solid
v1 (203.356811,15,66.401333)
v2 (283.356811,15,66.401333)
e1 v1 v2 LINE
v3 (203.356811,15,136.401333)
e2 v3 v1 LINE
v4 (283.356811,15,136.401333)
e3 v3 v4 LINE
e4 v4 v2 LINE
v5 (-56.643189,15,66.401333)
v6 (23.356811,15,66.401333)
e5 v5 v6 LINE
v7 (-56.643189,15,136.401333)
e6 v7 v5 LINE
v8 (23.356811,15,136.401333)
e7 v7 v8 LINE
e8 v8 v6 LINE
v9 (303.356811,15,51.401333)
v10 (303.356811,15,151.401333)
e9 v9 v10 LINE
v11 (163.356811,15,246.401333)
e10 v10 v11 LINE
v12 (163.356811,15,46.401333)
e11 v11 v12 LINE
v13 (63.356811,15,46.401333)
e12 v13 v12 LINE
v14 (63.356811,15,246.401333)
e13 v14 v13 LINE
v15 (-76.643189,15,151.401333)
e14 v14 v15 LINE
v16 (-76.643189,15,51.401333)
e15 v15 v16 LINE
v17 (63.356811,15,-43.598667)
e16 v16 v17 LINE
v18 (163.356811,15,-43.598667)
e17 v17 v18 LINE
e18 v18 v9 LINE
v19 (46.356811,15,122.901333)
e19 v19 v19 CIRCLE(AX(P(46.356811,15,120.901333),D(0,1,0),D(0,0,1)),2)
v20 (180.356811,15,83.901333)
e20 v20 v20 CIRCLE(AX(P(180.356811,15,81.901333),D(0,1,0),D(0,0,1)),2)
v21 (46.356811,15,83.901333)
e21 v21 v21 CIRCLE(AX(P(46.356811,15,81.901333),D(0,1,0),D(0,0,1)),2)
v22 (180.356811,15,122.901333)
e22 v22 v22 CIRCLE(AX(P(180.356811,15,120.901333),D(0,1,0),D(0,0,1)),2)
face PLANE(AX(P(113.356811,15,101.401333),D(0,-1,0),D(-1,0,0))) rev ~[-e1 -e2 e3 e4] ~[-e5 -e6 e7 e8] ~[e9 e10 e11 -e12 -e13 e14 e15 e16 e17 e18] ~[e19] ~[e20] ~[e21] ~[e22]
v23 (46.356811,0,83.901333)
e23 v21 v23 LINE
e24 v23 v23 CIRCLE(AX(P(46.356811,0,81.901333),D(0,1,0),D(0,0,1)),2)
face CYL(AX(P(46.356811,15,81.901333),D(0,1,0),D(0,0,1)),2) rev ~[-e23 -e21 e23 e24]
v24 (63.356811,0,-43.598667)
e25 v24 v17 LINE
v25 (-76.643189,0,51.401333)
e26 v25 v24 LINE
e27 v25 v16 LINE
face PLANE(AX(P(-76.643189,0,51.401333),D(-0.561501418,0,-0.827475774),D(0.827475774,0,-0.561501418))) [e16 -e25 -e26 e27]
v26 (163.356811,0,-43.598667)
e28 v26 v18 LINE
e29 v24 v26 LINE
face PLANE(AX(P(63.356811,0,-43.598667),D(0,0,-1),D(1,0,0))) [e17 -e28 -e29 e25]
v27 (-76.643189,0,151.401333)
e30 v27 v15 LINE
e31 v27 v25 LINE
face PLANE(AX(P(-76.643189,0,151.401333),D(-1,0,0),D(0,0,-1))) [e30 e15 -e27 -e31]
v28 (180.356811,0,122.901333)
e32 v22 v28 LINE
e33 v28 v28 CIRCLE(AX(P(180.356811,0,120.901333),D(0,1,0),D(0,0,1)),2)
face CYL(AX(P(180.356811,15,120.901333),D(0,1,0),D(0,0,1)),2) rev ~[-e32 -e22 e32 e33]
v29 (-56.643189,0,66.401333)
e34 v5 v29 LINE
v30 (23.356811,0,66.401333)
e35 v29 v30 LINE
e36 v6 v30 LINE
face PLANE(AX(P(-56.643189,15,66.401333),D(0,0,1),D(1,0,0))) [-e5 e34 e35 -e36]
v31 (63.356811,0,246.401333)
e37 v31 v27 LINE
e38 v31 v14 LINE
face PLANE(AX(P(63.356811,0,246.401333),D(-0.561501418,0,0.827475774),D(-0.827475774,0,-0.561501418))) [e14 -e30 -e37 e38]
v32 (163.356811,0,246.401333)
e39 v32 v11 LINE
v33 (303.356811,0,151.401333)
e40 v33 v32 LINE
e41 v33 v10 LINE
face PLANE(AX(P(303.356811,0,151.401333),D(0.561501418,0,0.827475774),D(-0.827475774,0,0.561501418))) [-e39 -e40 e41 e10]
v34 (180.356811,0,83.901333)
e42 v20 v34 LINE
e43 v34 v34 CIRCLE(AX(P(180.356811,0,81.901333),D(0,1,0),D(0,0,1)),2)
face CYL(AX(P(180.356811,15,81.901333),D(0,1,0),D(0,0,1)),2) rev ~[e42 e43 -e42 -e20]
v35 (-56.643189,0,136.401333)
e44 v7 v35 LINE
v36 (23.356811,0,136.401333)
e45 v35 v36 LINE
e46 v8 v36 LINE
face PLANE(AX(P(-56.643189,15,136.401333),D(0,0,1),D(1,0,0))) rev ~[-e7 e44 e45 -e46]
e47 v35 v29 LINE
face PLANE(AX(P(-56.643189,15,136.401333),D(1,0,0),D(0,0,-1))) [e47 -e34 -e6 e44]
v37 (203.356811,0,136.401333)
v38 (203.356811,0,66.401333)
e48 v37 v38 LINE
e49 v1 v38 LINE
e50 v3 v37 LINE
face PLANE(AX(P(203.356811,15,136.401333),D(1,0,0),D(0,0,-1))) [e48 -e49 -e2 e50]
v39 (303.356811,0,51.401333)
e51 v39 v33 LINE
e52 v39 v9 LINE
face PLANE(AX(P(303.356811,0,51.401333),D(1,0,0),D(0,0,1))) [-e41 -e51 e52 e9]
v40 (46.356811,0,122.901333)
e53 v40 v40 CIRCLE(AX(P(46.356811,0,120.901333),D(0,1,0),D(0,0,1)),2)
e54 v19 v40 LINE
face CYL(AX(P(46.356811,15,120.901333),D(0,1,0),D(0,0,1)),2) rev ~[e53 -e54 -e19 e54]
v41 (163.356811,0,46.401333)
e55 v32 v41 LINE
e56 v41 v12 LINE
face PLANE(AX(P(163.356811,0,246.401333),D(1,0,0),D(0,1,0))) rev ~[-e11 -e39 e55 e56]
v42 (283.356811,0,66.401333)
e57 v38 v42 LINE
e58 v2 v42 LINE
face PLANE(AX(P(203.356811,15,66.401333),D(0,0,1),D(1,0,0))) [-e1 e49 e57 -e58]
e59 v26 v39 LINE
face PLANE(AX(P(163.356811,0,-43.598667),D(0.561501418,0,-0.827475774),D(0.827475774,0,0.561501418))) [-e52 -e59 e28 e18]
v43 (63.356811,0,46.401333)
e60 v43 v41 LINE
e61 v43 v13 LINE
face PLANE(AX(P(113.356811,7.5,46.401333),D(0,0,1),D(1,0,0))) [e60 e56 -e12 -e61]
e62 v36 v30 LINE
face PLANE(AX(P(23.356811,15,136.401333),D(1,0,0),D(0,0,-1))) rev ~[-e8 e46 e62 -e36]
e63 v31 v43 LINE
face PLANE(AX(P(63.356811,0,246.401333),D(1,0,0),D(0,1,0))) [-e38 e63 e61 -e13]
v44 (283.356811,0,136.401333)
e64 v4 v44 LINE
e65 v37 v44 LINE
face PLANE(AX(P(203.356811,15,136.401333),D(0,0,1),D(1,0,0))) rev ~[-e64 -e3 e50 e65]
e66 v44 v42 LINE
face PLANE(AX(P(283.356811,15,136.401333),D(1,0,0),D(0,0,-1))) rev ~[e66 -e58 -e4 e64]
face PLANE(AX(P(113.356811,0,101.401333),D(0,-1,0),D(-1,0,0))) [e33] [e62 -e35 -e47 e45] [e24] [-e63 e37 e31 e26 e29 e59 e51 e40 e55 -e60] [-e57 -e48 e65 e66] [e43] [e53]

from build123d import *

# Parameters (mm, degrees)
BOSS_EXTRU_1_DEPTH      = 15
ESQUISSE6_W             = 100
ESQUISSE6_H             = 15
ENL_V_MAT_EXTRU_1_DEPTH = 200
ENL_V_MAT_EXTRU_2_REACH = 393.106
ESQUISSE7_W             = 80
ESQUISSE7_H             = 70
ENL_V_MAT_EXTRU_4_REACH = 393.106
ESQUISSE8_R             = 2


with BuildPart() as part:
    # Esquisse1 → Boss.-Extru.1 (new body)
    with BuildSketch(Plane(origin=(0, 0, 0), x_dir=(1, 0, 0), z_dir=(0, 1, 0))):
        Polygon((-76.643189126, -51.401333399), (63.356810874, 43.598666601), (163.356810874, 43.598666601), (303.356810874, -51.401333399), (303.356810874, -151.401333399), (163.356810874, -246.401333399), (63.356810874, -246.401333399), (-76.643189126, -151.401333399), align=None)
    extrude(amount=BOSS_EXTRU_1_DEPTH)

    # Esquisse6 → Enlèv. mat.-Extru.1 (cut)
    with BuildSketch(Plane.XY.offset(246.401333399)):
        with Locations((113.356810874, 7.5)):
            Rectangle(ESQUISSE6_W, ESQUISSE6_H)
    extrude(amount=-ENL_V_MAT_EXTRU_1_DEPTH, mode=Mode.SUBTRACT)

    # Esquisse7 → Enlèv. mat.-Extru.2 (cut, up to next)
    with BuildSketch(Plane(origin=(0, 15, 0), x_dir=(1, 0, 0), z_dir=(0, 1, 0)), mode=Mode.PRIVATE) as enl_v_mat_extru_2_sk1:
        with Locations((-16.643189126, -101.401333399)):
            Rectangle(ESQUISSE7_W, ESQUISSE7_H)
    enl_v_mat_extru_2_tool1 = extrude(enl_v_mat_extru_2_sk1.sketch, amount=-ENL_V_MAT_EXTRU_2_REACH, mode=Mode.PRIVATE) & part.part
    # Esquisse7 → Enlèv. mat.-Extru.2 (cut, up to next)
    with BuildSketch(Plane(origin=(0, 15, 0), x_dir=(1, 0, 0), z_dir=(0, 1, 0)), mode=Mode.PRIVATE) as enl_v_mat_extru_2_sk2:
        with Locations((243.356810874, -101.401333399)):
            Rectangle(ESQUISSE7_W, ESQUISSE7_H)
    enl_v_mat_extru_2_tool2 = extrude(enl_v_mat_extru_2_sk2.sketch, amount=-ENL_V_MAT_EXTRU_2_REACH, mode=Mode.PRIVATE) & part.part
    add(enl_v_mat_extru_2_tool1.solids().sort_by_distance((-16.643189, 15, 101.401333))[0], mode=Mode.SUBTRACT)
    add(enl_v_mat_extru_2_tool2.solids().sort_by_distance((243.356811, 15, 101.401333))[0], mode=Mode.SUBTRACT)

    # Esquisse8 → Enlèv. mat.-Extru.4 (cut, up to next)
    with BuildSketch(Plane(origin=(0, 15, 0), x_dir=(1, 0, 0), z_dir=(0, 1, 0)), mode=Mode.PRIVATE) as enl_v_mat_extru_4_sk1:
        with Locations(Location((180.356810874, -120.901333399, 0), (0, 0, 270))):
            Circle(ESQUISSE8_R)
    enl_v_mat_extru_4_tool1 = extrude(enl_v_mat_extru_4_sk1.sketch, amount=-ENL_V_MAT_EXTRU_4_REACH, mode=Mode.PRIVATE) & part.part
    # Esquisse8 → Enlèv. mat.-Extru.4 (cut, up to next)
    with BuildSketch(Plane(origin=(0, 15, 0), x_dir=(1, 0, 0), z_dir=(0, 1, 0)), mode=Mode.PRIVATE) as enl_v_mat_extru_4_sk2:
        with Locations(Location((180.356810874, -81.901333399, 0), (0, 0, 270))):
            Circle(ESQUISSE8_R)
    enl_v_mat_extru_4_tool2 = extrude(enl_v_mat_extru_4_sk2.sketch, amount=-ENL_V_MAT_EXTRU_4_REACH, mode=Mode.PRIVATE) & part.part
    # Esquisse8 → Enlèv. mat.-Extru.4 (cut, up to next)
    with BuildSketch(Plane(origin=(0, 15, 0), x_dir=(1, 0, 0), z_dir=(0, 1, 0)), mode=Mode.PRIVATE) as enl_v_mat_extru_4_sk3:
        with Locations(Location((46.356810874, -120.901333399, 0), (0, 0, 270))):
            Circle(ESQUISSE8_R)
    enl_v_mat_extru_4_tool3 = extrude(enl_v_mat_extru_4_sk3.sketch, amount=-ENL_V_MAT_EXTRU_4_REACH, mode=Mode.PRIVATE) & part.part
    # Esquisse8 → Enlèv. mat.-Extru.4 (cut, up to next)
    with BuildSketch(Plane(origin=(0, 15, 0), x_dir=(1, 0, 0), z_dir=(0, 1, 0)), mode=Mode.PRIVATE) as enl_v_mat_extru_4_sk4:
        with Locations(Location((46.356810874, -81.901333399, 0), (0, 0, 270))):
            Circle(ESQUISSE8_R)
    enl_v_mat_extru_4_tool4 = extrude(enl_v_mat_extru_4_sk4.sketch, amount=-ENL_V_MAT_EXTRU_4_REACH, mode=Mode.PRIVATE) & part.part
    add(enl_v_mat_extru_4_tool1.solids().sort_by_distance((180.356811, 15, 120.901333))[0], mode=Mode.SUBTRACT)
    add(enl_v_mat_extru_4_tool2.solids().sort_by_distance((180.356811, 15, 81.901333))[0], mode=Mode.SUBTRACT)
    add(enl_v_mat_extru_4_tool3.solids().sort_by_distance((46.356811, 15, 120.901333))[0], mode=Mode.SUBTRACT)
    add(enl_v_mat_extru_4_tool4.solids().sort_by_distance((46.356811, 15, 81.901333))[0], mode=Mode.SUBTRACT)


solid = part.part
